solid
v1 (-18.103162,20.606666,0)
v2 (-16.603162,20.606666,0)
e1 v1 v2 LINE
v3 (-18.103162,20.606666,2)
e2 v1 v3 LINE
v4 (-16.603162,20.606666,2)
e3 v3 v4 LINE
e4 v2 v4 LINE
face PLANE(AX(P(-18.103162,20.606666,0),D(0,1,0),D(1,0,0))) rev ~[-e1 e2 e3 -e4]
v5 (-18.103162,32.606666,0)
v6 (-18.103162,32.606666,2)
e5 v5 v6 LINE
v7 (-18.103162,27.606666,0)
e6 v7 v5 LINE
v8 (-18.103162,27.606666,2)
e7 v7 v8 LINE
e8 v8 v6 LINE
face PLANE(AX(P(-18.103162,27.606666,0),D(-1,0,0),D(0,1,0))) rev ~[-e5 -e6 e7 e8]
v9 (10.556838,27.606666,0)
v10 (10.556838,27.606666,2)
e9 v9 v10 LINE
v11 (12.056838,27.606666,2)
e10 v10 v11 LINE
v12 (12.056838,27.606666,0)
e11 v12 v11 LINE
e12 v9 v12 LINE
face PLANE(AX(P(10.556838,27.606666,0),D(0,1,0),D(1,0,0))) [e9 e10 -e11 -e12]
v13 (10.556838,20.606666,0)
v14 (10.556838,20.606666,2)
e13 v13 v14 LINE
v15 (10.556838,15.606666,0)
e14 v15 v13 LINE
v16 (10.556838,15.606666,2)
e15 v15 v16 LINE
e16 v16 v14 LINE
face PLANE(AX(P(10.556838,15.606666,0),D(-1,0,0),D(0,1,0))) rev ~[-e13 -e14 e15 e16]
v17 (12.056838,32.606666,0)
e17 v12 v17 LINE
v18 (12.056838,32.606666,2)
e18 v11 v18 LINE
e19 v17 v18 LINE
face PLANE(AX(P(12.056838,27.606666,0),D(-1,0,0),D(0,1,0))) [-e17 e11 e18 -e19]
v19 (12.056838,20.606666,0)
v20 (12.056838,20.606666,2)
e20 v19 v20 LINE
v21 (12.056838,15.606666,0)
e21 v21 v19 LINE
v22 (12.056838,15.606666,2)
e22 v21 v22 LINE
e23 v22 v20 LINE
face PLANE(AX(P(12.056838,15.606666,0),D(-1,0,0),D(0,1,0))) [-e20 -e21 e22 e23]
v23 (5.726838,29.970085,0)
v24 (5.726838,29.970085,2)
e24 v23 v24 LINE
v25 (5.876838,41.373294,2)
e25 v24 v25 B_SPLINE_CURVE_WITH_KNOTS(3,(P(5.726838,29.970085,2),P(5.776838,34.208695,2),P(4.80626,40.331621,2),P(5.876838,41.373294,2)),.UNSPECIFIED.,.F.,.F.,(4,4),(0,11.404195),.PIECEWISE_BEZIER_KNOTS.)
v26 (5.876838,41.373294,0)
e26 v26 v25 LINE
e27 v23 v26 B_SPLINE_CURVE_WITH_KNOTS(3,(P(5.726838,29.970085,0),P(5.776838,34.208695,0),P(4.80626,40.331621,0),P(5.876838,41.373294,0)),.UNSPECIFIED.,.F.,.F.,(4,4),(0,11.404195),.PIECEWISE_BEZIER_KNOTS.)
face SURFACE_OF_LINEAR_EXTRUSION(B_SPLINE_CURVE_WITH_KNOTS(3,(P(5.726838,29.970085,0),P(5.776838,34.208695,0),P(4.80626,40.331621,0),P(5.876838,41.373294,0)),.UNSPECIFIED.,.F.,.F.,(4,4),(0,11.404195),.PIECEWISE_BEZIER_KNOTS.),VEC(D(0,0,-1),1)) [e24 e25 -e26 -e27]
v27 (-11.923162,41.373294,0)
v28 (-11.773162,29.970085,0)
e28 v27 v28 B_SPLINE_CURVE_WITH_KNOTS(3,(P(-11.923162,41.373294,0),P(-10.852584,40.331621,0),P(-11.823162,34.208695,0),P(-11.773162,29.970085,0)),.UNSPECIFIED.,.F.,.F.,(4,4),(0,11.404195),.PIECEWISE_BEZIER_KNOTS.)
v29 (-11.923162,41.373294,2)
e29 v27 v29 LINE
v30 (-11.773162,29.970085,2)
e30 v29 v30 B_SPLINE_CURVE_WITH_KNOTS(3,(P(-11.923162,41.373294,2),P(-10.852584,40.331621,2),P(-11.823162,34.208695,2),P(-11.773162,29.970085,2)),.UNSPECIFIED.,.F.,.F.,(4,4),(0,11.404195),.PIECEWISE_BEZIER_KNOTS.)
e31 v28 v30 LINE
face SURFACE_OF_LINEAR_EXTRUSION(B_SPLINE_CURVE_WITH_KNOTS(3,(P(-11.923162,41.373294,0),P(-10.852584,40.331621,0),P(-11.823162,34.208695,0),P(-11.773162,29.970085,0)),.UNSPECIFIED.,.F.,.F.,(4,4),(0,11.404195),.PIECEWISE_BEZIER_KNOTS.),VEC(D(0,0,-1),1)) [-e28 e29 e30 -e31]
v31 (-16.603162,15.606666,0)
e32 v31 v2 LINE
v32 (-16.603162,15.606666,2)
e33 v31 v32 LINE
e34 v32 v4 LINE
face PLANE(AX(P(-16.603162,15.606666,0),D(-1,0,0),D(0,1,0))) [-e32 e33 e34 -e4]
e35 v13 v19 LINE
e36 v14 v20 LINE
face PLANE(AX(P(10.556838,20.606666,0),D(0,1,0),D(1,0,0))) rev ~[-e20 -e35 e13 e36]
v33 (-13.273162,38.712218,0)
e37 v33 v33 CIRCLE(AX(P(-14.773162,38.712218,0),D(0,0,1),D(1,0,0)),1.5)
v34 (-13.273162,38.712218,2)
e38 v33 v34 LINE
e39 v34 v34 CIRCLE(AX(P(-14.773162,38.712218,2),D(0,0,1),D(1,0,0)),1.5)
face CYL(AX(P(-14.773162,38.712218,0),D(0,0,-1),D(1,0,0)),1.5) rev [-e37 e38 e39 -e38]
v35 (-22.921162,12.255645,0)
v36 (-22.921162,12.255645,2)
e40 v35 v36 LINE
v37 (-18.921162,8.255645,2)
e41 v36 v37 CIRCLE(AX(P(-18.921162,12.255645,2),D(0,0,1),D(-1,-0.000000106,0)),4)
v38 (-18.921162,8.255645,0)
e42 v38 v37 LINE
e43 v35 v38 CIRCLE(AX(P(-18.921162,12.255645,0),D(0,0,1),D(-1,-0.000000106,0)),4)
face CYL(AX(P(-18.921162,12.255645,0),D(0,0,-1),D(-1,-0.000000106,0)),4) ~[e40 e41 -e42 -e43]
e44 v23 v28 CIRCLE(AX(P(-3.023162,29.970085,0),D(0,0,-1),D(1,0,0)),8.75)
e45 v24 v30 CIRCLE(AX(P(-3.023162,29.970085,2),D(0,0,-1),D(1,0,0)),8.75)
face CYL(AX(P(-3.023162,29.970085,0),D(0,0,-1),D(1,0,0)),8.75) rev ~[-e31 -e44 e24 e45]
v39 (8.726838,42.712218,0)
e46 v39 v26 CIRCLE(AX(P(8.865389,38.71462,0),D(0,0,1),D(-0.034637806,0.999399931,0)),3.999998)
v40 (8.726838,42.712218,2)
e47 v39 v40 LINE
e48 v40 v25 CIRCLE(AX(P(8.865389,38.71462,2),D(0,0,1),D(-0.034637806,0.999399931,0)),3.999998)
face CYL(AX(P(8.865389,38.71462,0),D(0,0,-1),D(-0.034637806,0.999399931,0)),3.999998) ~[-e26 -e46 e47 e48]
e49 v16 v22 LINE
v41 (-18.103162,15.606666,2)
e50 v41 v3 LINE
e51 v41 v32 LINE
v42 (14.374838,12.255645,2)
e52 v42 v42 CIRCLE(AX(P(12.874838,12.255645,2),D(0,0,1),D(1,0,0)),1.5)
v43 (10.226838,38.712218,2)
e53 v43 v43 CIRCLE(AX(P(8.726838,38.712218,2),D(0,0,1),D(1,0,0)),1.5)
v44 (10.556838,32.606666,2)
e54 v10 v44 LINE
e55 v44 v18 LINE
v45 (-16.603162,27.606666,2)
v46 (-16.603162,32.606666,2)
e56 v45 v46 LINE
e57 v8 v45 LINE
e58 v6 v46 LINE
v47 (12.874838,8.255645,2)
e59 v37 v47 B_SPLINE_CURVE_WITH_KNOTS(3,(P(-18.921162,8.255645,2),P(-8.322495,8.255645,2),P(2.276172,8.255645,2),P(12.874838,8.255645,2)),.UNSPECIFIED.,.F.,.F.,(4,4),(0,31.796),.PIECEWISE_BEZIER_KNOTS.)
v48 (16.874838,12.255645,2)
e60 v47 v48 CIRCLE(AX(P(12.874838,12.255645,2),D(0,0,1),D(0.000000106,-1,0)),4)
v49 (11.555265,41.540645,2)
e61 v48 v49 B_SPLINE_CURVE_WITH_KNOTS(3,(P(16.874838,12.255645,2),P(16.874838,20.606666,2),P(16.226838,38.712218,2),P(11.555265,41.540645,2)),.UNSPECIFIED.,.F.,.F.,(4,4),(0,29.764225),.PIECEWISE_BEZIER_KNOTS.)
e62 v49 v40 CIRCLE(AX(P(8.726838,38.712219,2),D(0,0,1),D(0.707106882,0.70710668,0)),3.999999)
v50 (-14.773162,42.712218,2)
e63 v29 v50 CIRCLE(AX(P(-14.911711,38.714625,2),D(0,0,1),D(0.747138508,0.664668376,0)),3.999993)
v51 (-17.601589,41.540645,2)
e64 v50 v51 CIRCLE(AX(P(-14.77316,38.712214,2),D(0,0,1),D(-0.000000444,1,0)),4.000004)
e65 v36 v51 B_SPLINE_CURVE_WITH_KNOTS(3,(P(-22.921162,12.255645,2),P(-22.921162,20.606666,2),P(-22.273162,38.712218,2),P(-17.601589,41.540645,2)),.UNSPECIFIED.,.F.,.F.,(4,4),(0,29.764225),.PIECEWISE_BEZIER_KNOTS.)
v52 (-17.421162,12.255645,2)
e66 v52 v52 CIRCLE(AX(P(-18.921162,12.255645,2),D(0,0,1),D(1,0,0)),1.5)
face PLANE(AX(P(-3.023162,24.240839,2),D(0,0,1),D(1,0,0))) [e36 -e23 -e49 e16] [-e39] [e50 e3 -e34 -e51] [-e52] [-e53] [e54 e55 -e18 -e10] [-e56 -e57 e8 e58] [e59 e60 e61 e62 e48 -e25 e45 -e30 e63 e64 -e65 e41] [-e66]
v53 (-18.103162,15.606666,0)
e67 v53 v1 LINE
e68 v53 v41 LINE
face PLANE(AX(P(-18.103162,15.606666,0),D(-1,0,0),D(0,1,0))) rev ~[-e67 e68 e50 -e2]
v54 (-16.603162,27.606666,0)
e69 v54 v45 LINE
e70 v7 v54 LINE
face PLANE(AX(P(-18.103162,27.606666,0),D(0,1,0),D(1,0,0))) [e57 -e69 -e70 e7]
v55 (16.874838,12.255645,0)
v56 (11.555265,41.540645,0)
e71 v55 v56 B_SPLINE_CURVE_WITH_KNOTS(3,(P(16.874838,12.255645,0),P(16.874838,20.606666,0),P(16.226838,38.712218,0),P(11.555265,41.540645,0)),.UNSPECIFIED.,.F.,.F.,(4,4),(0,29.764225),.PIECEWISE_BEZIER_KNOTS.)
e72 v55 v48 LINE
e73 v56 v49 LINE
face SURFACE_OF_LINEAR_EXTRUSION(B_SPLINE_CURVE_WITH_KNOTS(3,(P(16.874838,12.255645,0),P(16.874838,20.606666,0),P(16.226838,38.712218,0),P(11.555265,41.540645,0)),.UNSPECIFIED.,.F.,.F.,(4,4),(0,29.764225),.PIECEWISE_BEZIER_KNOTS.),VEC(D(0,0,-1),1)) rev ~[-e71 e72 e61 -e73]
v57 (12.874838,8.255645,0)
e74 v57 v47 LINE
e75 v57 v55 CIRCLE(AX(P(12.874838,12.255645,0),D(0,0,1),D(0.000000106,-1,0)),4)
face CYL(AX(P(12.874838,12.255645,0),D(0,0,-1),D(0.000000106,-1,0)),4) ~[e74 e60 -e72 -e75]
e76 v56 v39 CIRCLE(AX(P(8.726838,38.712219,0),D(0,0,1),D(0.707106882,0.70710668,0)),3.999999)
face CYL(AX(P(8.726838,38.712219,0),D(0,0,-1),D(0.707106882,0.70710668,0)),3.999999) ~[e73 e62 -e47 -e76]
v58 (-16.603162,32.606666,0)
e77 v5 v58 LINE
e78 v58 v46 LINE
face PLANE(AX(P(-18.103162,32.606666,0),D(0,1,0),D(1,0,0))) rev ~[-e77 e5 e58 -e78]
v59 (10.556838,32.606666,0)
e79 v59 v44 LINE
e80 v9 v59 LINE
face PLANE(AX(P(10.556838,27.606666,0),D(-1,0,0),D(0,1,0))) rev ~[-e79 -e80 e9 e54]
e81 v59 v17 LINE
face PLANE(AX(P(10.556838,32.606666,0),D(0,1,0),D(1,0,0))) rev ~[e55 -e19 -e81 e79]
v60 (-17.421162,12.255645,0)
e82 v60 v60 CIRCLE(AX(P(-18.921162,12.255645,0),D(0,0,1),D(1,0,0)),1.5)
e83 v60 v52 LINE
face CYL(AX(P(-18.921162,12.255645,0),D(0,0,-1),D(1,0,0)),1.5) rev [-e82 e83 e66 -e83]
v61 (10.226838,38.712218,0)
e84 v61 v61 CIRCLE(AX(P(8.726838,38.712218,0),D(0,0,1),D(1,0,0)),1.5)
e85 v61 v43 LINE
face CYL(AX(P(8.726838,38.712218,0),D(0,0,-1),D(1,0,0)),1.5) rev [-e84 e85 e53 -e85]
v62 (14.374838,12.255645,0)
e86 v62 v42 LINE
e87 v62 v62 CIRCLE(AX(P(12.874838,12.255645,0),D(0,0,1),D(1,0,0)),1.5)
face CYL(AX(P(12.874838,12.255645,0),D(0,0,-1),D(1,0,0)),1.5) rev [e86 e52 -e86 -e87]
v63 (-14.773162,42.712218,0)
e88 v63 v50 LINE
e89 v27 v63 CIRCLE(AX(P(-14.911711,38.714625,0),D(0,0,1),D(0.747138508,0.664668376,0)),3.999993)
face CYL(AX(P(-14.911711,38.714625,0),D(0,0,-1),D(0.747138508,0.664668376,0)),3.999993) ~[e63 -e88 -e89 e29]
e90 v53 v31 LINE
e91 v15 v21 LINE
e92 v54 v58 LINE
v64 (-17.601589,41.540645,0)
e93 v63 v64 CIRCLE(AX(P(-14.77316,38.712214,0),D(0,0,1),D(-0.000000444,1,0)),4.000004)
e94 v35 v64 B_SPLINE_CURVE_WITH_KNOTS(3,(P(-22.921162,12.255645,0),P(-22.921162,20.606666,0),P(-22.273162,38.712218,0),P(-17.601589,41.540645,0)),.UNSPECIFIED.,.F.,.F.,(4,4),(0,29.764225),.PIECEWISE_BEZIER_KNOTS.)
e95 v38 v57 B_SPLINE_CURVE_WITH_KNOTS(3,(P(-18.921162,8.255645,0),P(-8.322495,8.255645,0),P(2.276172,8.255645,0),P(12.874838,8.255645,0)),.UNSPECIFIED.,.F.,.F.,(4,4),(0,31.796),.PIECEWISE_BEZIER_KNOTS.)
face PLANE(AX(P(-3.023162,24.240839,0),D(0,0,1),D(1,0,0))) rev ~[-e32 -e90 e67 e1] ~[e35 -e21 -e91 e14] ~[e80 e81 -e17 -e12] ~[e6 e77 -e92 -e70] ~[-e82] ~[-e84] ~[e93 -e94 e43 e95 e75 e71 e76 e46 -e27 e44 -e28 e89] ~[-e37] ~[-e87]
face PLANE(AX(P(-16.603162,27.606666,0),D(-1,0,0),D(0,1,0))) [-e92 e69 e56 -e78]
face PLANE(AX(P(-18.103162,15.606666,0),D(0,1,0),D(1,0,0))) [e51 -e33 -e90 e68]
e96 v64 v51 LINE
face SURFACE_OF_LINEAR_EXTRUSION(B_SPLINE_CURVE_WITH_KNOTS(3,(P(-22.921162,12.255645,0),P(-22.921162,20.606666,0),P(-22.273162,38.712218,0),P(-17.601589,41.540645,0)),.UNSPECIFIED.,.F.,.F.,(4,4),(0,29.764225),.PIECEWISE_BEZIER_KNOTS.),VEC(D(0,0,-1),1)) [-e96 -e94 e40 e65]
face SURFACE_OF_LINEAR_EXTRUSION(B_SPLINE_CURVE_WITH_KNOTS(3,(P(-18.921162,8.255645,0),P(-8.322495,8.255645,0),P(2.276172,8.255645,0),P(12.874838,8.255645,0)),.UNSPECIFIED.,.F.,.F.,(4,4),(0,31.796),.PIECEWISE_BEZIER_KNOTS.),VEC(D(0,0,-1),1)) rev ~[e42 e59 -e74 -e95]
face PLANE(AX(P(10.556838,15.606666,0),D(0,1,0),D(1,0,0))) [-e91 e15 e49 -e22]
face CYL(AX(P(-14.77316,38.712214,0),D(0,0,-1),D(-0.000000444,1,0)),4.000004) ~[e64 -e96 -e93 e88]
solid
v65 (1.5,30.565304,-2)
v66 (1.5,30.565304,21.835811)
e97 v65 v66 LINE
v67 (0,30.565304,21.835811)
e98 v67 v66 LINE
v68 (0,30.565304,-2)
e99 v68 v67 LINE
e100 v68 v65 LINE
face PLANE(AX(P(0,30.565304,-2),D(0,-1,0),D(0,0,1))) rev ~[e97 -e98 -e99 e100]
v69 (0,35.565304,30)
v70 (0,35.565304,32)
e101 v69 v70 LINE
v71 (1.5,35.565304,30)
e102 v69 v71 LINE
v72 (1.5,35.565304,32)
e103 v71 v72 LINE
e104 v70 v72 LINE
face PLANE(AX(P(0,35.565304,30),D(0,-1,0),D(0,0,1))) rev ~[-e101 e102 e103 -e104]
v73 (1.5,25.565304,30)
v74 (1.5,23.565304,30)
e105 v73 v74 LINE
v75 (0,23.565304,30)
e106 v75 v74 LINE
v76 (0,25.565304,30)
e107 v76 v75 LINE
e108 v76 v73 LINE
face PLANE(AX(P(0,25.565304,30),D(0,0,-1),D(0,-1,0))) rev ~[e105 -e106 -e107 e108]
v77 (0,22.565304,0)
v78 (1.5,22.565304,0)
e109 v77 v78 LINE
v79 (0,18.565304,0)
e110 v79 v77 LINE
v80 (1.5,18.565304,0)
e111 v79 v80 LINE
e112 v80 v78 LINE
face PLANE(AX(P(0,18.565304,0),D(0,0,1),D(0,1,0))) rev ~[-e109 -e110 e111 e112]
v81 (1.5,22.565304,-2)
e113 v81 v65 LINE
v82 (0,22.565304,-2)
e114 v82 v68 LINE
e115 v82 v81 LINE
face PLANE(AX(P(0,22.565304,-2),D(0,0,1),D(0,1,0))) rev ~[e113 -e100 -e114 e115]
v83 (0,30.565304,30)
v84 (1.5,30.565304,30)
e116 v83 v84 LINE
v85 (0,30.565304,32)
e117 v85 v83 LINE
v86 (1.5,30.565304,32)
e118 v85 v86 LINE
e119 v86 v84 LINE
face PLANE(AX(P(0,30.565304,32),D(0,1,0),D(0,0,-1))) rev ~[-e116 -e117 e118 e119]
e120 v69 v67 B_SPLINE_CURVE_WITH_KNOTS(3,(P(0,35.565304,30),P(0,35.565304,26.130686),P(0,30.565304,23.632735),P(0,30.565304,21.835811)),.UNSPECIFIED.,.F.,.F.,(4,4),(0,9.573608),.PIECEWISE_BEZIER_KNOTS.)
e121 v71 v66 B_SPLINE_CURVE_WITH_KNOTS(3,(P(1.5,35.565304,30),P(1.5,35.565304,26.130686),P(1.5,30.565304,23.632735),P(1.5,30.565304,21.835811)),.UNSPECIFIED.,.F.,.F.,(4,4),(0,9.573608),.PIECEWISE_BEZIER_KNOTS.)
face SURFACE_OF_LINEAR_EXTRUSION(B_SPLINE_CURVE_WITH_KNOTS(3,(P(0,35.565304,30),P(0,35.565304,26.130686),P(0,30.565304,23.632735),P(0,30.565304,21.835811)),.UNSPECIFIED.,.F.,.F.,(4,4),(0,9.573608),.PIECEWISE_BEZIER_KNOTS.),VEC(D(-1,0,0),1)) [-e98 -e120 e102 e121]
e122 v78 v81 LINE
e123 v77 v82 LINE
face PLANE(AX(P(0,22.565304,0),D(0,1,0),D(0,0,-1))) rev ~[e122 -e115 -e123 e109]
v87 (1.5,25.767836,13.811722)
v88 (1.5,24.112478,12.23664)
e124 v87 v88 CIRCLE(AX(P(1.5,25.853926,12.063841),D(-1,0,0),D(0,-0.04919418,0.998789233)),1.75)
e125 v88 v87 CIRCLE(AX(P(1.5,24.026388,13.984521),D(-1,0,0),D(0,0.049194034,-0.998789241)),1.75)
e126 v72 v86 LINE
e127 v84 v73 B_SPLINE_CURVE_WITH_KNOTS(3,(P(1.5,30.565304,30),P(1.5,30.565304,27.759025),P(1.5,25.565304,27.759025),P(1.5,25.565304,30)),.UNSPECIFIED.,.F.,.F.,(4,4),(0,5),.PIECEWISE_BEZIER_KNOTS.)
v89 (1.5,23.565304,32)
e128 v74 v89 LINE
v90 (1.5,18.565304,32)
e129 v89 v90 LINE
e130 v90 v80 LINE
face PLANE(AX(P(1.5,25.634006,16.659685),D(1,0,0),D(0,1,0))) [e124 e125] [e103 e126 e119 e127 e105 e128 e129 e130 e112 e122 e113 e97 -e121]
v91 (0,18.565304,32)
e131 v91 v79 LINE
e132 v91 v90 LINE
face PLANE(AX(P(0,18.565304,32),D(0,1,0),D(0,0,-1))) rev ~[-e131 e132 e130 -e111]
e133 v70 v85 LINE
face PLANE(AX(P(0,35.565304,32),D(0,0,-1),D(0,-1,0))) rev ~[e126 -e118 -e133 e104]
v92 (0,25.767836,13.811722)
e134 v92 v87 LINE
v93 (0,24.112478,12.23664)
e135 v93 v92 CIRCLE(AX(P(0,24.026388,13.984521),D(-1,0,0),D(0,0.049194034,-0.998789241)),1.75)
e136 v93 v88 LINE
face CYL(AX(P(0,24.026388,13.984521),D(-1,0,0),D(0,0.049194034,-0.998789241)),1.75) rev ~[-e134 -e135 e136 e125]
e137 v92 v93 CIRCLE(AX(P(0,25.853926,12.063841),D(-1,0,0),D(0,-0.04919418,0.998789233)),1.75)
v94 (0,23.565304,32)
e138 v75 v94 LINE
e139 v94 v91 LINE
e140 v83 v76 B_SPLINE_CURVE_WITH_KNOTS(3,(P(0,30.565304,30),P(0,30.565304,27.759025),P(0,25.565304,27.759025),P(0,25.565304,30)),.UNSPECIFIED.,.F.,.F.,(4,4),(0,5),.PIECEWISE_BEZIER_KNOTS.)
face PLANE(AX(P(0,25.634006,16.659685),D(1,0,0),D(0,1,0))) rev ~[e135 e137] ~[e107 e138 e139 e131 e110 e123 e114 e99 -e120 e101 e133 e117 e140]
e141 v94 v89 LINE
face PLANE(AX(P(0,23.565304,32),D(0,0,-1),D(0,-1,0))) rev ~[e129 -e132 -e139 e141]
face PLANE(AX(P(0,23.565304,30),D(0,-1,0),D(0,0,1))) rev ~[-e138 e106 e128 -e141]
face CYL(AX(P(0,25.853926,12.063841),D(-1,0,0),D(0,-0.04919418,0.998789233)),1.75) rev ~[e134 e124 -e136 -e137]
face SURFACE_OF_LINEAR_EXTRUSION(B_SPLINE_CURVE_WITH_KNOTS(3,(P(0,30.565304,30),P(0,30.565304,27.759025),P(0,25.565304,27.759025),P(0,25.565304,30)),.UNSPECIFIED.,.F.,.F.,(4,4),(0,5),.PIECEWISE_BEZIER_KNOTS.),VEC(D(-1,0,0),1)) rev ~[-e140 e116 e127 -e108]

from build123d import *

# Parameters (mm, degrees)
F1_DEPTH = 1.5
F3_R     = 1.5
F3_W     = 1.5
F3_H     = 5
F4_DEPTH = 2


with BuildPart() as f1:
    # F0 (on Right) → F1 (new body)
    with BuildSketch(Plane.YZ):
        with BuildLine():
            Line((30.565304, -2), (30.565304, 0))
            Line((30.565304, 0), (30.565304, 21.835811))
            add(Edge.make_bspline(
                [(35.565304, 30), (35.565304, 26.130686), (30.565304, 23.632735), (30.565304, 21.835811)],
                knots=[0, 0, 0, 0, 9.573608, 9.573608, 9.573608, 9.573608], degree=3))
            Line((35.565304, 30), (35.565304, 32))
            Line((35.565304, 32), (30.565304, 32))
            Line((30.565304, 32), (30.565304, 30))
            add(Edge.make_bspline(
                [(30.565304, 30), (30.565304, 27.759025), (25.565304, 27.759025), (25.565304, 30)],
                knots=[0, 0, 0, 0, 5, 5, 5, 5], degree=3))
            Line((25.565304, 30), (23.565304, 30))
            Line((23.565304, 30), (23.565304, 32))
            Line((23.565304, 32), (18.565304, 32))
            Line((18.565304, 32), (18.565304, 30))
            Line((18.565304, 30), (18.565304, 0))
            Line((18.565304, 0), (22.565304, 0))
            Line((22.565304, 0), (22.565304, -2))
            Line((22.565304, -2), (30.565304, -2))
        make_face()
        with BuildLine():
            ThreePointArc((25.767836, 13.811722), (27.060241, 10.796046), (24.112478, 12.23664))
            ThreePointArc((24.112478, 12.23664), (22.820074, 15.252316), (25.767836, 13.811722))
        make_face(mode=Mode.SUBTRACT)
    extrude(amount=F1_DEPTH)


with BuildPart() as f4:
    # F3 (on Top) → F4 (new body)
    with BuildSketch(Plane.XY):
        with BuildLine():
            ThreePointArc((-22.921162, 12.255645), (-21.749589, 9.427218), (-18.921162, 8.255645))
            add(Edge.make_bspline(
                [(-18.921162, 8.255645), (-8.322495, 8.255645), (2.276172, 8.255645), (12.874838, 8.255645)],
                knots=[0, 0, 0, 0, 31.796, 31.796, 31.796, 31.796], degree=3))
            ThreePointArc((12.874838, 8.255645), (15.703265, 9.427218), (16.874838, 12.255645))
            add(Edge.make_bspline(
                [(16.874838, 12.255645), (16.874838, 20.606666), (16.226838, 38.712218), (11.555265, 41.540645)],
                knots=[0, 0, 0, 0, 29.764225, 29.764225, 29.764225, 29.764225], degree=3))
            ThreePointArc((11.555265, 41.540645), (10.257572, 42.407736), (8.726838, 42.712218))
            ThreePointArc((8.726838, 42.712218), (7.164545, 42.334995), (5.876838, 41.373294))
            add(Edge.make_bspline(
                [(5.726838, 29.970085), (5.776838, 34.208695), (4.80626, 40.331621), (5.876838, 41.373294)],
                knots=[0, 0, 0, 0, 11.404195, 11.404195, 11.404195, 11.404195], degree=3))
            ThreePointArc((5.726838, 29.970085), (-3.023162, 21.220085), (-11.773162, 29.970085))
            add(Edge.make_bspline(
                [(-11.923162, 41.373294), (-10.852584, 40.331621), (-11.823162, 34.208695), (-11.773162, 29.970085)],
                knots=[0, 0, 0, 0, 11.404195, 11.404195, 11.404195, 11.404195], degree=3))
            ThreePointArc((-11.923162, 41.373294), (-13.210868, 42.334995), (-14.773162, 42.712218))
            ThreePointArc((-14.773162, 42.712218), (-16.303895, 42.407736), (-17.601589, 41.540645))
            add(Edge.make_bspline(
                [(-22.921162, 12.255645), (-22.921162, 20.606666), (-22.273162, 38.712218), (-17.601589, 41.540645)],
                knots=[0, 0, 0, 0, 29.764225, 29.764225, 29.764225, 29.764225], degree=3))
        make_face()
        with Locations((-18.921162, 12.255645)):
            Circle(F3_R, mode=Mode.SUBTRACT)
        with Locations((-17.353162, 18.106666)):
            Rectangle(F3_W, F3_H, mode=Mode.SUBTRACT)
        with Locations((12.874838, 12.255645)):
            Circle(F3_R, mode=Mode.SUBTRACT)
        with Locations((11.306838, 18.106666)):
            Rectangle(F3_W, F3_H, mode=Mode.SUBTRACT)
        with Locations((-17.353162, 30.106666)):
            Rectangle(F3_W, F3_H, mode=Mode.SUBTRACT)
        with Locations((-14.773162, 38.712218)):
            Circle(F3_R, mode=Mode.SUBTRACT)
        with Locations((11.306838, 30.106666)):
            Rectangle(F3_W, F3_H, mode=Mode.SUBTRACT)
        with Locations((8.726838, 38.712218)):
            Circle(F3_R, mode=Mode.SUBTRACT)
    extrude(amount=F4_DEPTH)


solid = Compound([f1.part, f4.part])
